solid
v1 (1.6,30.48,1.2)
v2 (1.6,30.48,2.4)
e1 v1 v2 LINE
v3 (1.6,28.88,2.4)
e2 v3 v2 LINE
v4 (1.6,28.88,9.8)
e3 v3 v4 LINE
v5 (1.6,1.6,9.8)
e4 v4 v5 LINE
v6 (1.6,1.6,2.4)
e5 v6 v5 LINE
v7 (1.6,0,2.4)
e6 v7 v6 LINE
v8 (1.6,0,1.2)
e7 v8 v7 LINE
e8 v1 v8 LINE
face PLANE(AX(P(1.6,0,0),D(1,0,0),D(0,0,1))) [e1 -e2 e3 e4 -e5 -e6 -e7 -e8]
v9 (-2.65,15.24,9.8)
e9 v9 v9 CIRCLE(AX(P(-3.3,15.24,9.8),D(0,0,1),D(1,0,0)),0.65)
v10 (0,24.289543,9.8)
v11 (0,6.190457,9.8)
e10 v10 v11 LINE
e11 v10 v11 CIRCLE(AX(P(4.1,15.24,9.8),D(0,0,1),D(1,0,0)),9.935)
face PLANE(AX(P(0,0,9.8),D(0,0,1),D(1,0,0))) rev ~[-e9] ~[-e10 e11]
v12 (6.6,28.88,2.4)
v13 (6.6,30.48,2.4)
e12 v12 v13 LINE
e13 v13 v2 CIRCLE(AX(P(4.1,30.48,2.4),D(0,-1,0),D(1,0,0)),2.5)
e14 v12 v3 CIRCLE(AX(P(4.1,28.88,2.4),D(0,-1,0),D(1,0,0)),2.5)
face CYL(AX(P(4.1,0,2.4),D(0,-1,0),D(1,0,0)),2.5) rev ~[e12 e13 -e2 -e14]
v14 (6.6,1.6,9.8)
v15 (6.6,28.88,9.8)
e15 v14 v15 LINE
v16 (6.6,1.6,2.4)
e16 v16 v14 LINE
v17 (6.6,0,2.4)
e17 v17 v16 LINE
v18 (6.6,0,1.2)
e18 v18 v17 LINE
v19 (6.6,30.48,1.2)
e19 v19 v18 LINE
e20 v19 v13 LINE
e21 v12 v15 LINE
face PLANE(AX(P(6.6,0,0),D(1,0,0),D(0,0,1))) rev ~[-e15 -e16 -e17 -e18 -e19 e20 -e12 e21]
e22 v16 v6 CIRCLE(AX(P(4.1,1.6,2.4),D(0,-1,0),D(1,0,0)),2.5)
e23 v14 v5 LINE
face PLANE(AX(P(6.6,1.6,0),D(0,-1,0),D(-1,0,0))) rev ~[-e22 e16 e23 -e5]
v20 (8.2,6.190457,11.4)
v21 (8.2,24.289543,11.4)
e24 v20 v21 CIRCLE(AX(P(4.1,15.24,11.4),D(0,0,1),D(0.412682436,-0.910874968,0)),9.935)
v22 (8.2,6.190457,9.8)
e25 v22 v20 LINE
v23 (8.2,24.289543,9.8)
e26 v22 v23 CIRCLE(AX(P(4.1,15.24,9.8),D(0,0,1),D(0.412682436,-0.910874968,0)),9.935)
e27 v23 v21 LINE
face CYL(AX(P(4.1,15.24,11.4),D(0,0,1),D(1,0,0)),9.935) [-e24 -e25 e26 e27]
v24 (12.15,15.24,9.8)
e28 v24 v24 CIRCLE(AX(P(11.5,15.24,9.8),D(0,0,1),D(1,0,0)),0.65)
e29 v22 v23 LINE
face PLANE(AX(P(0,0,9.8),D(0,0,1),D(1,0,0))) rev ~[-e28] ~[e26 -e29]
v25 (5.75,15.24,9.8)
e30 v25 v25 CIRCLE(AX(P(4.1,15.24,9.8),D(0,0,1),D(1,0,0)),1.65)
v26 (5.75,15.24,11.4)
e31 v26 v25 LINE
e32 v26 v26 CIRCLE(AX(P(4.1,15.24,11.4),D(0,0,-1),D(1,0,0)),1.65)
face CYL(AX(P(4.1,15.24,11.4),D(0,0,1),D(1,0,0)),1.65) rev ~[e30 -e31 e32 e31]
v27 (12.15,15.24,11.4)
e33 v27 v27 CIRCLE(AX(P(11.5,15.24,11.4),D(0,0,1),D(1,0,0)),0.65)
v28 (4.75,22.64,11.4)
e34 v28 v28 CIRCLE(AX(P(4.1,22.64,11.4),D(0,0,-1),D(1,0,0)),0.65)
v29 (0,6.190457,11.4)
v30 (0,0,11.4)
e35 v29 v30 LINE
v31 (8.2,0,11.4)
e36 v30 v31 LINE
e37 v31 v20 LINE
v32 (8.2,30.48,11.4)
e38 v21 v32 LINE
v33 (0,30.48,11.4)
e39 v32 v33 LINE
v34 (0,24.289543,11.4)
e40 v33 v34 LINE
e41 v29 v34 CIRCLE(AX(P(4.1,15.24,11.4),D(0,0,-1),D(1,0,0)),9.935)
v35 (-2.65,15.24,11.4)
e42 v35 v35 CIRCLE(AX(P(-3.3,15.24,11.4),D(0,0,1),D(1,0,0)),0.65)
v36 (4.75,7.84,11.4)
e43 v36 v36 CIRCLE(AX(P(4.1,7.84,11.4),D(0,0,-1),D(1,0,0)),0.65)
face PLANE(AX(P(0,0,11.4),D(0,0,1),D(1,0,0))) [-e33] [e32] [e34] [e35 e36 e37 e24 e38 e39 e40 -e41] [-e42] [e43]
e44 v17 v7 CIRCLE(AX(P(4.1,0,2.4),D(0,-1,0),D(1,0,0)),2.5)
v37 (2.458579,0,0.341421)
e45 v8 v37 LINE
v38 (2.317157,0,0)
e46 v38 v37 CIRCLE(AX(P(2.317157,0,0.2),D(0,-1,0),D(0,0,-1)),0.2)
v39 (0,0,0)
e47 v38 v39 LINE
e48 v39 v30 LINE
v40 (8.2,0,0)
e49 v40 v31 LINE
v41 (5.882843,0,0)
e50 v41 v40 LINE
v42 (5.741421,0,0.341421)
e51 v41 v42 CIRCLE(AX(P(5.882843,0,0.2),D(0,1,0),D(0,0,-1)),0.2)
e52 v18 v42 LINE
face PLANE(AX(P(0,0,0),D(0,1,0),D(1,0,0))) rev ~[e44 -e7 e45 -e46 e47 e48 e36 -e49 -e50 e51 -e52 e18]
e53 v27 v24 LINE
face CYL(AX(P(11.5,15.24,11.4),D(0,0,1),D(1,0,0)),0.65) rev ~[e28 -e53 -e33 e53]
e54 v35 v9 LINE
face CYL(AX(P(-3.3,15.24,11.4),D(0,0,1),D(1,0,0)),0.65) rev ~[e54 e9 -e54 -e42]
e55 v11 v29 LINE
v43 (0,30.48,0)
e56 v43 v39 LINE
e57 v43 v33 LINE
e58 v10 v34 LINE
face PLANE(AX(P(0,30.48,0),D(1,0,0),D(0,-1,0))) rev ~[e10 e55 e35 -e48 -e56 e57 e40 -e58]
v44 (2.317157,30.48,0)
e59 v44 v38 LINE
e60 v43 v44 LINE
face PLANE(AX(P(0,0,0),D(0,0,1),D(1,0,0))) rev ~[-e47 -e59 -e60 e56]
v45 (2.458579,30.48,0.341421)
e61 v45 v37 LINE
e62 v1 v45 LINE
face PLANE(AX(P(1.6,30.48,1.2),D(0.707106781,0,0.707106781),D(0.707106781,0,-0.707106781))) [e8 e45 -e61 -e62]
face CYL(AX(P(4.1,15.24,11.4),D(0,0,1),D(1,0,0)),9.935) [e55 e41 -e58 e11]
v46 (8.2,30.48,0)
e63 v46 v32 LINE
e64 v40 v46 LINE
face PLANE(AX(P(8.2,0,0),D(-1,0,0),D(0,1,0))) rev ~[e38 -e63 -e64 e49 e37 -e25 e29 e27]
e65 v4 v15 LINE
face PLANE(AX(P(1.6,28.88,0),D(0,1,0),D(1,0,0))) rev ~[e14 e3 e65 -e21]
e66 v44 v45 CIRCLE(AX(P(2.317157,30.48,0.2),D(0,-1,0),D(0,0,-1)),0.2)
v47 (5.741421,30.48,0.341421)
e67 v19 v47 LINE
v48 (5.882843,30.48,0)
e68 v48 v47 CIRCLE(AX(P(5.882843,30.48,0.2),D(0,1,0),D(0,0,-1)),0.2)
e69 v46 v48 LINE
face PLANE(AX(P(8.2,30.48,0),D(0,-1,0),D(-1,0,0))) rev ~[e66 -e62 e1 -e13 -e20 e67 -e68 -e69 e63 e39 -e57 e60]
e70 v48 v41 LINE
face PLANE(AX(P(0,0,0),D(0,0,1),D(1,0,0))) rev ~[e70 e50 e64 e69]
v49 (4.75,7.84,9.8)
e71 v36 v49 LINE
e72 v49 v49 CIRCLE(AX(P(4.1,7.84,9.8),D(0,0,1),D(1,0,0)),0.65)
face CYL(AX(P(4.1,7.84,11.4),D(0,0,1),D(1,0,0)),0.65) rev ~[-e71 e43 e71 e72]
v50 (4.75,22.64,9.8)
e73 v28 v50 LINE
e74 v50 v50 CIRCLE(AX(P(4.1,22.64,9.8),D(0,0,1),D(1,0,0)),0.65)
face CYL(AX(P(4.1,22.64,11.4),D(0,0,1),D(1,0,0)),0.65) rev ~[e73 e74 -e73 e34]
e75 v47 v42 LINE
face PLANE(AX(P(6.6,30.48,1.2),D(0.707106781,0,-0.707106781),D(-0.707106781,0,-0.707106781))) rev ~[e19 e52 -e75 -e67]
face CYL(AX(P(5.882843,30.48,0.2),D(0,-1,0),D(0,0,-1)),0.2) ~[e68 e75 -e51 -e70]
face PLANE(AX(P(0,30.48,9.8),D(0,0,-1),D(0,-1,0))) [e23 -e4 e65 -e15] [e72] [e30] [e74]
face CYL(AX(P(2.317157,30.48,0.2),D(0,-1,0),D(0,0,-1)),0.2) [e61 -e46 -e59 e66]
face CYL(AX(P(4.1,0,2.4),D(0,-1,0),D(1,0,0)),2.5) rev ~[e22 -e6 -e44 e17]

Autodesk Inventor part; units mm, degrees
ref_plane "YZ Plane" through (0, 0, 0) normal (1, 0, 0) x (0, 1, 0)
ref_plane "XZ Plane" through (0, 0, 0) normal (0, 1, 0) x (-1, 0, 0)
ref_plane "XY Plane" through (0, 0, 0) normal (0, 0, 1) x (1, 0, 0)
sketch "Sketch1" plane through (0, 0, 0) normal (0, 0, 1) x (1, 0, 0)
  line L0 (0, 0) -> (8.2, 0)
  line L1 (8.2, 0) -> (8.2, 30.48)
  line L2 (8.2, 30.48) -> (0, 30.48)
  line L3 (0, 30.48) -> (0, 0)
  line L4 (6.6, 28.88) -> (6.6, 1.6)
  line L5 (6.6, 1.6) -> (1.6, 1.6)
  line L6 (1.6, 1.6) -> (1.6, 28.88)
  line L7 (1.6, 28.88) -> (6.6, 28.88)
  dimension "d0" = 30.48
  dimension "d1" = 8.2
  dimension "d2" = 1.6
extrude "Extrusion1" add sketch "Sketch1" along normal blind 11.4
sketch "Sketch2" plane through (0, 0, 0) normal (0, -1, 0) x (1, 0, 0)
  line L0 (6.6, 0) -> (6.6, 11.4) projected
  line L1 (1.6, 0) -> (1.6, 11.4) projected
  line L2 (0, 0) -> (8.2, 0) projected
  line L3 (1.6, 0) -> (1.6, 2.4)
  line L4 (1.6, 0) -> (1.6, 11.4) projected
  line L5 (6.6, 0) -> (6.6, 2.4)
  line L6 (6.6, 0) -> (6.6, 11.4) projected
  line L7 (1.6, 0) -> (6.6, 0)
  arc A0 (6.6, 2.4) -> (1.6, 2.4) centre (4.1, 2.4) ccw
  dimension "d5" = 2.4
  dimension "d6" = 2.4
extrude "Extrusion2" cut sketch "Sketch2" against normal up to surface (30.48 mm away)
sketch "Sketch3" plane through (0, 0, 0) normal (-1, 0, 0) x (0, 0, 1)
  line L0 (0, 30.48) -> (0, 0) projected
  line L1 (0, 0) -> (11.4, 0) projected
  line L2 (11.4, 30.48) -> (11.4, 0) projected
  line L3 (0, 30.48) -> (11.4, 30.48) projected
  line L4 (0, 0) -> (11.4, 0) projected
  line L5 (11.4, 30.48) -> (9.8, 30.48)
  line L6 (9.8, 30.48) -> (9.8, 0)
  line L7 (9.8, 0) -> (11.4, 0)
  line L8 (11.4, 0) -> (11.4, 30.48)
  dimension "d9" = 1.6
extrude "Extrusion3" add sketch "Sketch3" against normal up to next contours L3 L2 L1 L6
sketch "Sketch4" plane through (0, 0, 11.4) normal (0, 0, 1) x (1, 0, 0)
  line L0 (0, 0) -> (8.2, 0) projected
  line L1 (8.2, 0) -> (8.2, 30.48) projected
  line L2 (8.2, 30.48) -> (0, 30.48) projected
  line L3 (0, 30.48) -> (0, 0) projected
  line L4 (6.6, 0) -> (1.6, 0) projected
  line L5 (4.1, 0) -> (4.1, 30.48)
  line L6 (1.6, 30.48) -> (6.6, 30.48) projected
  line L7 (8.2, 0) -> (0, 30.48)
  line L8 (8.2, 30.48) -> (0, 0) construction
  circle A0 centre (4.1, 7.84) radius 0.65
  circle A1 centre (4.1, 22.64) radius 0.65
  point P0 (4.1, 15.24)
  dimension "d12" = 7.4
  dimension "d13" = 7.4
  dimension "d14" = 1.3
  dimension "d15" = 1.3
extrude "Extrusion4" cut sketch "Sketch4" against normal up to next contours A0 L5 | L5 A0 | A1 L5 | L5 A1
sketch "Sketch5" plane through (0, 0, 11.4) normal (0, 0, 1) x (1, 0, 0)
  circle A0 centre (4.1, 7.84) radius 0.65 projected
  circle A1 centre (4.1, 22.64) radius 0.65 projected
  line L0 (0, 0) -> (8.2, 0) projected
  line L1 (8.2, 0) -> (8.2, 30.48) projected
  line L2 (8.2, 30.48) -> (0, 30.48) projected
  line L3 (0, 30.48) -> (0, 0) projected
  line L4 (8.2, 0) -> (0, 30.48)
  line L5 (0, 0) -> (8.2, 30.48)
  circle A2 centre (4.1, 15.24) radius 9.935
  dimension "d18" = 19.87
extrude "Extrusion5" add sketch "Sketch5" against normal blind 1.6 contours A2 L3 | L3 A2 L4 L5 | L5 L4 A2 | A2 L4 L5 L1 | L1 A2 | L4 A2 L5
sketch "Sketch6" plane through (0, 0, 11.4) normal (0, 0, 1) x (1, 0, 0)
  line L0 (1.6, 28.88) -> (1.6, 1.6) projected
  circle A0 centre (4.1, 22.64) radius 0.65 projected
  circle A1 centre (4.1, 7.84) radius 0.65 projected
  line L1 (0, 6.1905) -> (0, 0) projected
  line L2 (0, 0) -> (8.2, 0) projected
  line L3 (8.2, 0) -> (8.2, 6.1905) projected
  arc A2 (8.2, 6.1905) -> (8.2, 24.2895) centre (4.1, 15.24) ccw projected
  line L4 (8.2, 24.2895) -> (8.2, 30.48) projected
  line L5 (8.2, 30.48) -> (0, 30.48) projected
  line L6 (0, 30.48) -> (0, 24.2895) projected
  arc A3 (0, 24.2895) -> (0, 6.1905) centre (4.1, 15.24) ccw projected
  line L7 (8.2, 0) -> (0, 30.48)
  line L8 (8.2, 30.48) -> (0, 0)
  arc A4 (0, 24.2895) -> (0, 6.1905) centre (4.1, 15.24) ccw projected
  line L9 (-5.835, 15.24) -> (14.035, 15.24) construction
  arc A5 (8.2, 6.1905) -> (8.2, 24.2895) centre (4.1, 15.24) ccw projected
  circle A6 centre (-3.3, 15.24) radius 0.65
  circle A7 centre (11.5, 15.24) radius 0.65
  dimension "d21" = 7.4
  dimension "d22" = 7.4
  dimension "d23" = 1.3
  dimension "d24" = 1.3
extrude "Extrusion6" cut sketch "Sketch6" against normal up to next contours A6 | A7
sketch "Sketch7" plane through (0, 0, 11.4) normal (0, 0, 1) x (1, 0, 0)
  circle A0 centre (11.5, 15.24) radius 0.65 projected
  circle A1 centre (-3.3, 15.24) radius 0.65 projected
  circle A2 centre (4.1, 22.64) radius 0.65 projected
  circle A3 centre (4.1, 7.84) radius 0.65 projected
  line L0 (0, 6.1905) -> (0, 0) projected
  line L1 (0, 0) -> (8.2, 0) projected
  line L2 (8.2, 0) -> (8.2, 6.1905) projected
  arc A4 (8.2, 6.1905) -> (8.2, 24.2895) centre (4.1, 15.24) ccw projected
  line L3 (8.2, 24.2895) -> (8.2, 30.48) projected
  line L4 (8.2, 30.48) -> (0, 30.48) projected
  line L5 (0, 30.48) -> (0, 24.2895) projected
  arc A5 (0, 24.2895) -> (0, 6.1905) centre (4.1, 15.24) ccw projected
  line L6 (0, 0) -> (8.2, 30.48)
  line L7 (0, 30.48) -> (8.2, 0)
  circle A6 centre (4.1, 15.24) radius 1.65
  dimension "d27" = 3.3
extrude "Extrusion7" cut sketch "Sketch7" against normal blind 1.6 contours A6 L7 L6 | L6 L7 A6 | L7 L6 A6 | L7 A6 L6
sketch "Sketch8" plane through (6.6, 30.48, 0) normal (0, 1, 0) x (1, 0, 0)
  line L0 (-5, -2.4) -> (-5, 0) projected
  line L1 (0, 0) -> (0, -2.4) projected
  line L2 (-5, -1.2) -> (-3.8, 0)
  line L3 (-5, -1.2) -> (-2.8401, -1.2) construction
  line L4 (-5, 0) -> (-3.8, 0)
  line L5 (0, -1.2) -> (-1.2, 0)
  line L6 (0, 0) -> (-1.2, 0)
  point P0 (-6.6, 0)
  dimension "d30" = 45
extrude "Extrusion8" add sketch "Sketch8" against normal up to surface (30.48 mm away)
fillet "Fillet1" radius 0.2 2 edges at (2.8, 15.24, 0) (5.4, 15.24, 0)
properties part number "CarFrontAxel"
